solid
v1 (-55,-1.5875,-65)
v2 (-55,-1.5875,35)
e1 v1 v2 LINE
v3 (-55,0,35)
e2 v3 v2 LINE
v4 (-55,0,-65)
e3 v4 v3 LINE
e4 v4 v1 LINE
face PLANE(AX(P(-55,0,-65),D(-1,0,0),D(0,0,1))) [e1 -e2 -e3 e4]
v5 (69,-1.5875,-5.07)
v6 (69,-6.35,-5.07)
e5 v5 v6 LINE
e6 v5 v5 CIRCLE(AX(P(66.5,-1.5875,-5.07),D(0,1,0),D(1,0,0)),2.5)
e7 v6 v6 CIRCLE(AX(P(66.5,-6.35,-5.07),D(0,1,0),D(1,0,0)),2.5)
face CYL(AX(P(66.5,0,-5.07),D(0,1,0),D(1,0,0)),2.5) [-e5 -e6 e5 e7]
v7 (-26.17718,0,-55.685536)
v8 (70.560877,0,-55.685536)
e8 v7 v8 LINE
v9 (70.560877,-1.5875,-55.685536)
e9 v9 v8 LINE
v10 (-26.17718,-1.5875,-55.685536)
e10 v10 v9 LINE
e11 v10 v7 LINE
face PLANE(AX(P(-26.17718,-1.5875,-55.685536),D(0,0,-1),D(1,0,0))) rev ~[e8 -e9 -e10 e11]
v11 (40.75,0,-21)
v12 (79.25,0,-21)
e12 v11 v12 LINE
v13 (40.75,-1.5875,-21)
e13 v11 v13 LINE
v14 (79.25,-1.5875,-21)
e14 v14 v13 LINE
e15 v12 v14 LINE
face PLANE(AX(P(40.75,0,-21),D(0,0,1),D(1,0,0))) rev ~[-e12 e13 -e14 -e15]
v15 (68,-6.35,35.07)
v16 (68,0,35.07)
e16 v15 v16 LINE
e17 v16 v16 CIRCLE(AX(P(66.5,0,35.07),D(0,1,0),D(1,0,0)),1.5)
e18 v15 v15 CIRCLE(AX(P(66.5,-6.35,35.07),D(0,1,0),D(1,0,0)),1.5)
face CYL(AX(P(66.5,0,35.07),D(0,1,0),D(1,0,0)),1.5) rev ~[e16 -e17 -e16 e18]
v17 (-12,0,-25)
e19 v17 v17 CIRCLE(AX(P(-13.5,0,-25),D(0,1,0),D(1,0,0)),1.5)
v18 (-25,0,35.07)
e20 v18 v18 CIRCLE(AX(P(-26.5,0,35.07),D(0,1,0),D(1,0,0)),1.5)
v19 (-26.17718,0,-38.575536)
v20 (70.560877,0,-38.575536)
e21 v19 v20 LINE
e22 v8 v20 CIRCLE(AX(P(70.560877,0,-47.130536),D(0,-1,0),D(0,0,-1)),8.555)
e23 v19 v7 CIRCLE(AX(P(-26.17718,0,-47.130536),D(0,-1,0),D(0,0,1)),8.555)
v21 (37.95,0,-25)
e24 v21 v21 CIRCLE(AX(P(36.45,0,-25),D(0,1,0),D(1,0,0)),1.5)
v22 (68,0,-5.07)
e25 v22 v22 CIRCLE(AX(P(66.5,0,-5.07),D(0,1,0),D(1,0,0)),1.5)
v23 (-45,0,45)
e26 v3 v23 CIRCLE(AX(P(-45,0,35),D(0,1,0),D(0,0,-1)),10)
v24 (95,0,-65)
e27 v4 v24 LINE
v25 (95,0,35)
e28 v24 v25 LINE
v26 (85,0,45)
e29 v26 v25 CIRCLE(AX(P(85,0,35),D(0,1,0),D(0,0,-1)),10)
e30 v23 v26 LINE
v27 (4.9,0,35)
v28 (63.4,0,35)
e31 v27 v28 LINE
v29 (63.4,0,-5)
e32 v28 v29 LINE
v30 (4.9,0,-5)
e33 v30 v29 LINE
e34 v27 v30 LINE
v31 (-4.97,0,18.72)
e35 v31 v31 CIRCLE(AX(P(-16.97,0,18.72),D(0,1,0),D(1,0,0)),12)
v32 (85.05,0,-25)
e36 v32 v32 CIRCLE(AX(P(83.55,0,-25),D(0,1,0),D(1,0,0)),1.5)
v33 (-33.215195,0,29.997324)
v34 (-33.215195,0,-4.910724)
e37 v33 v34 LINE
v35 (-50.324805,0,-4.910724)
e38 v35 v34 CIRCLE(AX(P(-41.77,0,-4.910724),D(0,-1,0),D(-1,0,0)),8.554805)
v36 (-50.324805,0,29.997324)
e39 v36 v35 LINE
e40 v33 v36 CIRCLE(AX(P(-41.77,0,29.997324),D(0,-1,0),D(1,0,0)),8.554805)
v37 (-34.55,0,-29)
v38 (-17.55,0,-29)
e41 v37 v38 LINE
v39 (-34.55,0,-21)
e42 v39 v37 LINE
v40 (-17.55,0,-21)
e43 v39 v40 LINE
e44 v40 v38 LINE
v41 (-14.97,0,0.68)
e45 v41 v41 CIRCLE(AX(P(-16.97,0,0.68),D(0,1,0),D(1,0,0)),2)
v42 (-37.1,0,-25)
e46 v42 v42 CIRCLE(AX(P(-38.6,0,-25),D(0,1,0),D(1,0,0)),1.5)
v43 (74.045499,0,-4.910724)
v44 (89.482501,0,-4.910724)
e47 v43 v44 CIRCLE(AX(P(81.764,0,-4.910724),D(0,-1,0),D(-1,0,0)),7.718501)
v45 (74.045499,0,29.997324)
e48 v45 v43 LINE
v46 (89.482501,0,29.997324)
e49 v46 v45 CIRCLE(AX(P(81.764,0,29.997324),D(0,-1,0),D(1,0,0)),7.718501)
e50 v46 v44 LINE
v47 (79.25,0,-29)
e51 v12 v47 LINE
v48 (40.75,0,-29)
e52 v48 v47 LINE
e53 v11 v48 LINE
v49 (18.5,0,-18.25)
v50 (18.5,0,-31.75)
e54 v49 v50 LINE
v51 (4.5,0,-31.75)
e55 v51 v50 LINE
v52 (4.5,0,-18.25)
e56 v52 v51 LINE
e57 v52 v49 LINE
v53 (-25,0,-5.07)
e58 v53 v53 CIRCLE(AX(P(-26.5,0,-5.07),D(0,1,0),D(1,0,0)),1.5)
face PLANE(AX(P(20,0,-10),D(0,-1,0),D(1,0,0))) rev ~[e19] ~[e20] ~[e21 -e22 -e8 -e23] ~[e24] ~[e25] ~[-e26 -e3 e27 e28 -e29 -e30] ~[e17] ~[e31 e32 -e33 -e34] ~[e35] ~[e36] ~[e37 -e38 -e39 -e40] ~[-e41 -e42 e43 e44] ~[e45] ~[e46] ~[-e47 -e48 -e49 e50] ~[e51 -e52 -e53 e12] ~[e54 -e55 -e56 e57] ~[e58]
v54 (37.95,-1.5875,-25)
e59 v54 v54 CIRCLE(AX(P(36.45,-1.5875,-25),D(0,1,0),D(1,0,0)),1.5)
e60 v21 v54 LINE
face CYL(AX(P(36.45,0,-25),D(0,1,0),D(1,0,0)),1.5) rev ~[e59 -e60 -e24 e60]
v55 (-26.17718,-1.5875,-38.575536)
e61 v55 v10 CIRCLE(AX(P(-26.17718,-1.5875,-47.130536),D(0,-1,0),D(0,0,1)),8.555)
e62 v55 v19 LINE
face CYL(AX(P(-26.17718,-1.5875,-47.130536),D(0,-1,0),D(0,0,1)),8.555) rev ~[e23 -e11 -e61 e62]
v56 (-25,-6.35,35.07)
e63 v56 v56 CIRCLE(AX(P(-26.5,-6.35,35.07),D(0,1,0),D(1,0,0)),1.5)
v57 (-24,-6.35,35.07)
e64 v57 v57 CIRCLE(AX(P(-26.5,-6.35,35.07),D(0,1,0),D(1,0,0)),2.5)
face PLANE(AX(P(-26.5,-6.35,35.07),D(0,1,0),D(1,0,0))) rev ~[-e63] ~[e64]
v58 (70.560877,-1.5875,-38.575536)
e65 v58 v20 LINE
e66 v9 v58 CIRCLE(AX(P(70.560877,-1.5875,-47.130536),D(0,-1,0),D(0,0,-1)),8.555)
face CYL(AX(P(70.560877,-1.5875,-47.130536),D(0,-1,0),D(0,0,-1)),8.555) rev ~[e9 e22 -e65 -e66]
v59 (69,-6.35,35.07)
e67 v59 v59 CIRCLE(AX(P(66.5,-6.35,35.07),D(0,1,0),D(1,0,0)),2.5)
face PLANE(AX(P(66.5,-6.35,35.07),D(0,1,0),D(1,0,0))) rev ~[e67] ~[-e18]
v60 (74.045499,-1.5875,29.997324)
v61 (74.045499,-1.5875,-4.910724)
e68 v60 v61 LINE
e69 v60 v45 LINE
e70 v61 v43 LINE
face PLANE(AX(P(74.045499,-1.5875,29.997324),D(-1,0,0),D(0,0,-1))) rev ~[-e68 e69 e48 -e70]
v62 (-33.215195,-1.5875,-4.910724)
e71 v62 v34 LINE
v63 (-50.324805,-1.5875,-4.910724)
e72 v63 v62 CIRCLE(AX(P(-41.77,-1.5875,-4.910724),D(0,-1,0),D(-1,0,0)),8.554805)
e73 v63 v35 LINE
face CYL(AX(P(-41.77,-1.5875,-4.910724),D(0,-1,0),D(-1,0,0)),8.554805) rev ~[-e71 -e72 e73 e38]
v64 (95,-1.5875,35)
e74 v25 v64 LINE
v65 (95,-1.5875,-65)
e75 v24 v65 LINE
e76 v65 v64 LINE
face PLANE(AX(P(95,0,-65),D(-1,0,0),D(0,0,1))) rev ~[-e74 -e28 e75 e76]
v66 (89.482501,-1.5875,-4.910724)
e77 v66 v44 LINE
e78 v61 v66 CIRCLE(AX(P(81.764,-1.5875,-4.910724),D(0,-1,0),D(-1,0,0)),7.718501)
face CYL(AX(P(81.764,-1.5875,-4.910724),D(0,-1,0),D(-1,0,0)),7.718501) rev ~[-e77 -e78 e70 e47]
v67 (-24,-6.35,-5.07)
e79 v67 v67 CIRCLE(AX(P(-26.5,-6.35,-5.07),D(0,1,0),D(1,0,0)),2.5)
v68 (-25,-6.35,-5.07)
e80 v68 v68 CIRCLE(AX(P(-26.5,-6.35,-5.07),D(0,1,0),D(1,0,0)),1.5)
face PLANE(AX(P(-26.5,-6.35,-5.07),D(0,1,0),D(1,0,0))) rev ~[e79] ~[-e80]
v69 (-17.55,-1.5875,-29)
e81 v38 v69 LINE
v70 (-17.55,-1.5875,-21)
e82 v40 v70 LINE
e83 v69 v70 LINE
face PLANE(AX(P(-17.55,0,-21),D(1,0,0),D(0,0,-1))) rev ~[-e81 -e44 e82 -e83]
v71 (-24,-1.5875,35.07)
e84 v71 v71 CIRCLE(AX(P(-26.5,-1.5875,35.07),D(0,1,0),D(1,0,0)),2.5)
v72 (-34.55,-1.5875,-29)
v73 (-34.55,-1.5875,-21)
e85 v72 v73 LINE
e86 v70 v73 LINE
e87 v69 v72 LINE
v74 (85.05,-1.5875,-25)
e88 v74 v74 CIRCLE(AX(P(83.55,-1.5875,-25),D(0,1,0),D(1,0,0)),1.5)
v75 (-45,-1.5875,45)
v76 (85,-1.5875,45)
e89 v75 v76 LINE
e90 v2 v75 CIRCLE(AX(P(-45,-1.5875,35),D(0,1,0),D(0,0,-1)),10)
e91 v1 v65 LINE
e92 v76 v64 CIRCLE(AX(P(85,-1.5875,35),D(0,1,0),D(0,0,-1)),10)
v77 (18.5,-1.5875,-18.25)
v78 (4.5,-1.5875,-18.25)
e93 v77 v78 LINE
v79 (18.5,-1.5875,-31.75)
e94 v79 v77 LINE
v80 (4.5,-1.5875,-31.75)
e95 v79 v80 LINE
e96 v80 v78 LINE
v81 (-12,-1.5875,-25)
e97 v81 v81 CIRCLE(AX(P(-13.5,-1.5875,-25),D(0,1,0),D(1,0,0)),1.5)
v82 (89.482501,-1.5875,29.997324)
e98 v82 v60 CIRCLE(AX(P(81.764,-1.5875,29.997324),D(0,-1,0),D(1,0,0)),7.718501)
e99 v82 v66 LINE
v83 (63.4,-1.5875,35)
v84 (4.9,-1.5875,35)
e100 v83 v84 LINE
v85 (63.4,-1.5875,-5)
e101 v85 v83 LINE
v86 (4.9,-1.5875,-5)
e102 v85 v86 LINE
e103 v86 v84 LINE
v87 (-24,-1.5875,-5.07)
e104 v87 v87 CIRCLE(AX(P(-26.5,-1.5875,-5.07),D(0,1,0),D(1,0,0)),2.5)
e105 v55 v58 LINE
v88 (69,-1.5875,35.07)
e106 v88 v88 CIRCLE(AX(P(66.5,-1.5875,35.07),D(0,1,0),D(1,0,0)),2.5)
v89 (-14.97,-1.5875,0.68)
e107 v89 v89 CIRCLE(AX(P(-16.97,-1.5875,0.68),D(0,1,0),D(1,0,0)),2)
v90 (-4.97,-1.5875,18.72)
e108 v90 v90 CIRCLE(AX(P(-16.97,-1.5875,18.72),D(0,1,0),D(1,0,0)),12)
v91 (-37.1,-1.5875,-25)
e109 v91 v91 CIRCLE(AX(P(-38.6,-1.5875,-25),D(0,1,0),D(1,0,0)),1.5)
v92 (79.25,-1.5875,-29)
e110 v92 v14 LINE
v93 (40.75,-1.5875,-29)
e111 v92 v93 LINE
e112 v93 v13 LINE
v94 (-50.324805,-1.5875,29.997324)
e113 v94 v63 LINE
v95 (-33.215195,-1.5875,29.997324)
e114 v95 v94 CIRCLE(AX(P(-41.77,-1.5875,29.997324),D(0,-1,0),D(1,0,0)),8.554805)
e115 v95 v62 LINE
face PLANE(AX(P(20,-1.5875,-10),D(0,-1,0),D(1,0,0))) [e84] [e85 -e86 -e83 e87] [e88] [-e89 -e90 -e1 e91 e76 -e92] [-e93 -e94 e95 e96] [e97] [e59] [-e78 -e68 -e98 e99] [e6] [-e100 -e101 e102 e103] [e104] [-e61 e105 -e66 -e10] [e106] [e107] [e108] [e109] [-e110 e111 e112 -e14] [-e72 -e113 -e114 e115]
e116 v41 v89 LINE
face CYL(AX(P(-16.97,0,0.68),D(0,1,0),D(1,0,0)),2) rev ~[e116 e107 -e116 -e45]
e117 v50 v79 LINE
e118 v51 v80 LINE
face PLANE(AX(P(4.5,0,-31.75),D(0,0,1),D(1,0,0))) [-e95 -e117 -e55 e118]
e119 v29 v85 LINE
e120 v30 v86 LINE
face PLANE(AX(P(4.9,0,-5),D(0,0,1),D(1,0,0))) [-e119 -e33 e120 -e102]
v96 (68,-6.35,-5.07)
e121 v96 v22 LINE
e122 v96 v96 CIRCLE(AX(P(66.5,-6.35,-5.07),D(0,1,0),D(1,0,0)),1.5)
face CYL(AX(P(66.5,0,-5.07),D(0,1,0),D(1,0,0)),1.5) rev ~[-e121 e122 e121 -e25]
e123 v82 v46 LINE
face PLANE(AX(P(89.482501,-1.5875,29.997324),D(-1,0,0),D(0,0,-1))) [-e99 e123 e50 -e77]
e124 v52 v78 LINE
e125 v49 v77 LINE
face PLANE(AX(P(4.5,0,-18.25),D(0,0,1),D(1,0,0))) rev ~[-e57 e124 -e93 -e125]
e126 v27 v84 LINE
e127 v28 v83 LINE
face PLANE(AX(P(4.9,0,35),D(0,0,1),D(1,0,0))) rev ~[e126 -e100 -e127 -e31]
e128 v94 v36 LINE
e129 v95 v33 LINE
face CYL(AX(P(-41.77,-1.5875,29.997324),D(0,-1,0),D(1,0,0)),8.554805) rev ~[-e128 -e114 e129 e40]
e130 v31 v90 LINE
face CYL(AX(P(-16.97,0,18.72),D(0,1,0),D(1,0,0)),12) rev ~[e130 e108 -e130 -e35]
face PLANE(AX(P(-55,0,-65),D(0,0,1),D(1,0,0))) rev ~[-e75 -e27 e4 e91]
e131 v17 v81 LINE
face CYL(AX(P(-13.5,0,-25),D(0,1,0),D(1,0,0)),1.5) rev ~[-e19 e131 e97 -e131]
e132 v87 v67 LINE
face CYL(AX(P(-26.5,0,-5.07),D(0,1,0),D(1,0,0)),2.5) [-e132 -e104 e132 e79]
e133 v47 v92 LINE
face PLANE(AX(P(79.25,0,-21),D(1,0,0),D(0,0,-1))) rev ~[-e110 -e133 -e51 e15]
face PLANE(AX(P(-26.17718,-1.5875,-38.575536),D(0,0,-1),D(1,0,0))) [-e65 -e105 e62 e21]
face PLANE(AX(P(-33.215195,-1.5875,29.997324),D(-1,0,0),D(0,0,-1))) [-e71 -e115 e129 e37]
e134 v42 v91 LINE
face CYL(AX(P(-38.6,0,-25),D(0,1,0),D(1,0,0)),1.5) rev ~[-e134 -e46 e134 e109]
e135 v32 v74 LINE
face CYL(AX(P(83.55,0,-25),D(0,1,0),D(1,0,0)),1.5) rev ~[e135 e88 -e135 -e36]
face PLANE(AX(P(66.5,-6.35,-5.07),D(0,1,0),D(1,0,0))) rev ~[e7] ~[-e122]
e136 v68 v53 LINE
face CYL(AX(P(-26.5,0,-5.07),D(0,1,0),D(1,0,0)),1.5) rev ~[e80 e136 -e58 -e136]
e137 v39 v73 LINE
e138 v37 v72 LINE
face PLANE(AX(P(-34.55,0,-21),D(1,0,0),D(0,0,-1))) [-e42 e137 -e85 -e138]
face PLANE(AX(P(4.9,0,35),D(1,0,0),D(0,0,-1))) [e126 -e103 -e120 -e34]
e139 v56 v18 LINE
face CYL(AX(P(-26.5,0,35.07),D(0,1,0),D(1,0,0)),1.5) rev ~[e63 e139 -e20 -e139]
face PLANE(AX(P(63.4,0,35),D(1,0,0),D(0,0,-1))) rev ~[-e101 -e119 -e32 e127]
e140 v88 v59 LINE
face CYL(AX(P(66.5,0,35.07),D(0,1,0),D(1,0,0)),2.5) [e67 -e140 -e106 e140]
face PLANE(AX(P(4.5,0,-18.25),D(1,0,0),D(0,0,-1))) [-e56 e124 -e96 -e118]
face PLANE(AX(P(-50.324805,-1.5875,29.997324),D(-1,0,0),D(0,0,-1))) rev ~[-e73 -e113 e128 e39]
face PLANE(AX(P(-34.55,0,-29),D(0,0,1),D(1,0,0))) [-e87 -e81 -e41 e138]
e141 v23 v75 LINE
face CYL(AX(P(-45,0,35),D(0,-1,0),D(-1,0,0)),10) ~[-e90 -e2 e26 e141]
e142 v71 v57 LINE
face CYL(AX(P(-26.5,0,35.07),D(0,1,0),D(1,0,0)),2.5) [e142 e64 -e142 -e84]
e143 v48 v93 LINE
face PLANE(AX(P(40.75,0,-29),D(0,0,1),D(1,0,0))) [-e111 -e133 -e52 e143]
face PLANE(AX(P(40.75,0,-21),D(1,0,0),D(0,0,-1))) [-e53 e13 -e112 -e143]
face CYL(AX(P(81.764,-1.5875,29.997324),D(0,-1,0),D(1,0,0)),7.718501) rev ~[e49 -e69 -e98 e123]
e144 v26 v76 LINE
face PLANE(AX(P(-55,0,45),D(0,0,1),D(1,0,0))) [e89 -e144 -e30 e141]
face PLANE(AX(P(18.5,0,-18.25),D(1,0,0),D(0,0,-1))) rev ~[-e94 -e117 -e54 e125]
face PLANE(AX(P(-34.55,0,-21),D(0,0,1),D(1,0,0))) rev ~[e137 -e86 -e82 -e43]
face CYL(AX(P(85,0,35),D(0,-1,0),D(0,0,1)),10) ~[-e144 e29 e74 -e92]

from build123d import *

# Parameters (mm, degrees)
SKETCH_W        = 150
SKETCH_H        = 110
PAD_DEPTH       = 1.5875
SKETCH001_R     = 1.5
SKETCH001_R_2   = 12
SKETCH001_R_3   = 2
SKETCH001_W     = 58.5
SKETCH001_H     = 40
POCKET_DEPTH    = 1.5885
SKETCH002_R     = 1.5
SKETCH002_W     = 38.5
SKETCH002_H     = 8
SKETCH002_W_2   = 14
SKETCH002_H_2   = 13.5
SKETCH002_W_3   = 17
POCKET001_DEPTH = 1.5885
SKETCH003_R     = 2.5
SKETCH003_R_2   = 1.5
PAD001_DEPTH    = 6.35
POCKET002_DEPTH = 1.5885
FILLET_R        = 10


with BuildPart() as part:
    # Sketch → Pad (new body)
    with BuildSketch(Plane.XZ):
        with Locations((20, -10)):
            Rectangle(SKETCH_W, SKETCH_H)
    extrude(amount=PAD_DEPTH)

    # Sketch001 (on Face5 of Pad) → Pocket (cut, through all)
    with BuildSketch(Plane(origin=(0, 0, 0), x_dir=(1, 0, 0), z_dir=(0, 1, 0))):
        with Locations((-26.5, 5.07)):
            Circle(SKETCH001_R)
        with Locations((-26.5, -35.07)):
            Circle(SKETCH001_R)
        with Locations((66.5, -35.07)):
            Circle(SKETCH001_R)
        with Locations((66.5, 5.07)):
            Circle(SKETCH001_R)
        with Locations((-16.97, -18.72)):
            Circle(SKETCH001_R_2)
        with Locations((-16.97, -0.68)):
            Circle(SKETCH001_R_3)
        with Locations((34.15, -15)):
            Rectangle(SKETCH001_W, SKETCH001_H)
    extrude(amount=-POCKET_DEPTH, mode=Mode.SUBTRACT)

    # Sketch002 (on Face4 of Pocket) → Pocket001 (cut, through all)
    with BuildSketch(Plane(origin=(0, 0, 0), x_dir=(1, 0, 0), z_dir=(0, 1, 0))):
        with Locations((36.45, 25)):
            Circle(SKETCH002_R)
        with Locations((83.55, 25)):
            Circle(SKETCH002_R)
        with Locations((-38.6, 25)):
            Circle(SKETCH002_R)
        with Locations((-13.5, 25)):
            Circle(SKETCH002_R)
        with Locations((60, 25)):
            Rectangle(SKETCH002_W, SKETCH002_H)
        with Locations((11.5, 25)):
            Rectangle(SKETCH002_W_2, SKETCH002_H_2)
        with Locations((-26.05, 25)):
            Rectangle(SKETCH002_W_3, SKETCH002_H)
    extrude(amount=-POCKET001_DEPTH, mode=Mode.SUBTRACT)

    # Sketch003 (on Face4 of Pocket001) → Pad001 (join)
    with BuildSketch(Plane(origin=(0, 0, 0), x_dir=(1, 0, 0), z_dir=(0, 1, 0))):
        with Locations((-26.5, 5.07)):
            Circle(SKETCH003_R)
        with Locations((-26.5, 5.07)):
            Circle(SKETCH003_R_2, mode=Mode.SUBTRACT)
        with Locations((-26.5, -35.07)):
            Circle(SKETCH003_R)
        with Locations((-26.5, -35.07)):
            Circle(SKETCH003_R_2, mode=Mode.SUBTRACT)
        with Locations((66.5, 5.07)):
            Circle(SKETCH003_R)
        with Locations((66.5, 5.07)):
            Circle(SKETCH003_R_2, mode=Mode.SUBTRACT)
        with Locations((66.5, -35.07)):
            Circle(SKETCH003_R)
        with Locations((66.5, -35.07)):
            Circle(SKETCH003_R_2, mode=Mode.SUBTRACT)
    extrude(amount=-PAD001_DEPTH)

    # Sketch004 (on Face5 of Pad001) → Pocket002 (cut, through all)
    with BuildSketch(Plane.XZ.offset(1.5875)):
        with BuildLine():
            ThreePointArc((-26.17718, -38.575536), (-34.73218, -47.130536), (-26.17718, -55.685536))
            Line((-26.17718, -55.685536), (70.560877, -55.685536))
            ThreePointArc((70.560877, -55.685536), (79.115877, -47.130536), (70.560877, -38.575536))
            Line((-26.17718, -38.575536), (70.560877, -38.575536))
        make_face()
        with BuildLine():
            ThreePointArc((-33.215195, 29.997324), (-41.77, 38.552129), (-50.324805, 29.997324))
            Line((-50.324805, 29.997324), (-50.324805, -4.910724))
            ThreePointArc((-50.324805, -4.910724), (-41.77, -13.465529), (-33.215195, -4.910724))
            Line((-33.215195, 29.997324), (-33.215195, -4.910724))
        make_face()
        with BuildLine():
            ThreePointArc((89.482501, 29.997324), (81.764, 37.715825), (74.045499, 29.997324))
            Line((74.045499, 29.997324), (74.045499, -4.910724))
            ThreePointArc((74.045499, -4.910724), (81.764, -12.629225), (89.482501, -4.910724))
            Line((89.482501, 29.997324), (89.482501, -4.910724))
        make_face()
    extrude(amount=-POCKET002_DEPTH, mode=Mode.SUBTRACT)

    # Fillet
    fillet_edges = [part.edges().sort_by_distance(p)[0] for p in [
        (95, -0.79375, 45),
        (-55, -0.79375, 45),
    ]]
    fillet(fillet_edges, radius=FILLET_R)


solid = part.part
